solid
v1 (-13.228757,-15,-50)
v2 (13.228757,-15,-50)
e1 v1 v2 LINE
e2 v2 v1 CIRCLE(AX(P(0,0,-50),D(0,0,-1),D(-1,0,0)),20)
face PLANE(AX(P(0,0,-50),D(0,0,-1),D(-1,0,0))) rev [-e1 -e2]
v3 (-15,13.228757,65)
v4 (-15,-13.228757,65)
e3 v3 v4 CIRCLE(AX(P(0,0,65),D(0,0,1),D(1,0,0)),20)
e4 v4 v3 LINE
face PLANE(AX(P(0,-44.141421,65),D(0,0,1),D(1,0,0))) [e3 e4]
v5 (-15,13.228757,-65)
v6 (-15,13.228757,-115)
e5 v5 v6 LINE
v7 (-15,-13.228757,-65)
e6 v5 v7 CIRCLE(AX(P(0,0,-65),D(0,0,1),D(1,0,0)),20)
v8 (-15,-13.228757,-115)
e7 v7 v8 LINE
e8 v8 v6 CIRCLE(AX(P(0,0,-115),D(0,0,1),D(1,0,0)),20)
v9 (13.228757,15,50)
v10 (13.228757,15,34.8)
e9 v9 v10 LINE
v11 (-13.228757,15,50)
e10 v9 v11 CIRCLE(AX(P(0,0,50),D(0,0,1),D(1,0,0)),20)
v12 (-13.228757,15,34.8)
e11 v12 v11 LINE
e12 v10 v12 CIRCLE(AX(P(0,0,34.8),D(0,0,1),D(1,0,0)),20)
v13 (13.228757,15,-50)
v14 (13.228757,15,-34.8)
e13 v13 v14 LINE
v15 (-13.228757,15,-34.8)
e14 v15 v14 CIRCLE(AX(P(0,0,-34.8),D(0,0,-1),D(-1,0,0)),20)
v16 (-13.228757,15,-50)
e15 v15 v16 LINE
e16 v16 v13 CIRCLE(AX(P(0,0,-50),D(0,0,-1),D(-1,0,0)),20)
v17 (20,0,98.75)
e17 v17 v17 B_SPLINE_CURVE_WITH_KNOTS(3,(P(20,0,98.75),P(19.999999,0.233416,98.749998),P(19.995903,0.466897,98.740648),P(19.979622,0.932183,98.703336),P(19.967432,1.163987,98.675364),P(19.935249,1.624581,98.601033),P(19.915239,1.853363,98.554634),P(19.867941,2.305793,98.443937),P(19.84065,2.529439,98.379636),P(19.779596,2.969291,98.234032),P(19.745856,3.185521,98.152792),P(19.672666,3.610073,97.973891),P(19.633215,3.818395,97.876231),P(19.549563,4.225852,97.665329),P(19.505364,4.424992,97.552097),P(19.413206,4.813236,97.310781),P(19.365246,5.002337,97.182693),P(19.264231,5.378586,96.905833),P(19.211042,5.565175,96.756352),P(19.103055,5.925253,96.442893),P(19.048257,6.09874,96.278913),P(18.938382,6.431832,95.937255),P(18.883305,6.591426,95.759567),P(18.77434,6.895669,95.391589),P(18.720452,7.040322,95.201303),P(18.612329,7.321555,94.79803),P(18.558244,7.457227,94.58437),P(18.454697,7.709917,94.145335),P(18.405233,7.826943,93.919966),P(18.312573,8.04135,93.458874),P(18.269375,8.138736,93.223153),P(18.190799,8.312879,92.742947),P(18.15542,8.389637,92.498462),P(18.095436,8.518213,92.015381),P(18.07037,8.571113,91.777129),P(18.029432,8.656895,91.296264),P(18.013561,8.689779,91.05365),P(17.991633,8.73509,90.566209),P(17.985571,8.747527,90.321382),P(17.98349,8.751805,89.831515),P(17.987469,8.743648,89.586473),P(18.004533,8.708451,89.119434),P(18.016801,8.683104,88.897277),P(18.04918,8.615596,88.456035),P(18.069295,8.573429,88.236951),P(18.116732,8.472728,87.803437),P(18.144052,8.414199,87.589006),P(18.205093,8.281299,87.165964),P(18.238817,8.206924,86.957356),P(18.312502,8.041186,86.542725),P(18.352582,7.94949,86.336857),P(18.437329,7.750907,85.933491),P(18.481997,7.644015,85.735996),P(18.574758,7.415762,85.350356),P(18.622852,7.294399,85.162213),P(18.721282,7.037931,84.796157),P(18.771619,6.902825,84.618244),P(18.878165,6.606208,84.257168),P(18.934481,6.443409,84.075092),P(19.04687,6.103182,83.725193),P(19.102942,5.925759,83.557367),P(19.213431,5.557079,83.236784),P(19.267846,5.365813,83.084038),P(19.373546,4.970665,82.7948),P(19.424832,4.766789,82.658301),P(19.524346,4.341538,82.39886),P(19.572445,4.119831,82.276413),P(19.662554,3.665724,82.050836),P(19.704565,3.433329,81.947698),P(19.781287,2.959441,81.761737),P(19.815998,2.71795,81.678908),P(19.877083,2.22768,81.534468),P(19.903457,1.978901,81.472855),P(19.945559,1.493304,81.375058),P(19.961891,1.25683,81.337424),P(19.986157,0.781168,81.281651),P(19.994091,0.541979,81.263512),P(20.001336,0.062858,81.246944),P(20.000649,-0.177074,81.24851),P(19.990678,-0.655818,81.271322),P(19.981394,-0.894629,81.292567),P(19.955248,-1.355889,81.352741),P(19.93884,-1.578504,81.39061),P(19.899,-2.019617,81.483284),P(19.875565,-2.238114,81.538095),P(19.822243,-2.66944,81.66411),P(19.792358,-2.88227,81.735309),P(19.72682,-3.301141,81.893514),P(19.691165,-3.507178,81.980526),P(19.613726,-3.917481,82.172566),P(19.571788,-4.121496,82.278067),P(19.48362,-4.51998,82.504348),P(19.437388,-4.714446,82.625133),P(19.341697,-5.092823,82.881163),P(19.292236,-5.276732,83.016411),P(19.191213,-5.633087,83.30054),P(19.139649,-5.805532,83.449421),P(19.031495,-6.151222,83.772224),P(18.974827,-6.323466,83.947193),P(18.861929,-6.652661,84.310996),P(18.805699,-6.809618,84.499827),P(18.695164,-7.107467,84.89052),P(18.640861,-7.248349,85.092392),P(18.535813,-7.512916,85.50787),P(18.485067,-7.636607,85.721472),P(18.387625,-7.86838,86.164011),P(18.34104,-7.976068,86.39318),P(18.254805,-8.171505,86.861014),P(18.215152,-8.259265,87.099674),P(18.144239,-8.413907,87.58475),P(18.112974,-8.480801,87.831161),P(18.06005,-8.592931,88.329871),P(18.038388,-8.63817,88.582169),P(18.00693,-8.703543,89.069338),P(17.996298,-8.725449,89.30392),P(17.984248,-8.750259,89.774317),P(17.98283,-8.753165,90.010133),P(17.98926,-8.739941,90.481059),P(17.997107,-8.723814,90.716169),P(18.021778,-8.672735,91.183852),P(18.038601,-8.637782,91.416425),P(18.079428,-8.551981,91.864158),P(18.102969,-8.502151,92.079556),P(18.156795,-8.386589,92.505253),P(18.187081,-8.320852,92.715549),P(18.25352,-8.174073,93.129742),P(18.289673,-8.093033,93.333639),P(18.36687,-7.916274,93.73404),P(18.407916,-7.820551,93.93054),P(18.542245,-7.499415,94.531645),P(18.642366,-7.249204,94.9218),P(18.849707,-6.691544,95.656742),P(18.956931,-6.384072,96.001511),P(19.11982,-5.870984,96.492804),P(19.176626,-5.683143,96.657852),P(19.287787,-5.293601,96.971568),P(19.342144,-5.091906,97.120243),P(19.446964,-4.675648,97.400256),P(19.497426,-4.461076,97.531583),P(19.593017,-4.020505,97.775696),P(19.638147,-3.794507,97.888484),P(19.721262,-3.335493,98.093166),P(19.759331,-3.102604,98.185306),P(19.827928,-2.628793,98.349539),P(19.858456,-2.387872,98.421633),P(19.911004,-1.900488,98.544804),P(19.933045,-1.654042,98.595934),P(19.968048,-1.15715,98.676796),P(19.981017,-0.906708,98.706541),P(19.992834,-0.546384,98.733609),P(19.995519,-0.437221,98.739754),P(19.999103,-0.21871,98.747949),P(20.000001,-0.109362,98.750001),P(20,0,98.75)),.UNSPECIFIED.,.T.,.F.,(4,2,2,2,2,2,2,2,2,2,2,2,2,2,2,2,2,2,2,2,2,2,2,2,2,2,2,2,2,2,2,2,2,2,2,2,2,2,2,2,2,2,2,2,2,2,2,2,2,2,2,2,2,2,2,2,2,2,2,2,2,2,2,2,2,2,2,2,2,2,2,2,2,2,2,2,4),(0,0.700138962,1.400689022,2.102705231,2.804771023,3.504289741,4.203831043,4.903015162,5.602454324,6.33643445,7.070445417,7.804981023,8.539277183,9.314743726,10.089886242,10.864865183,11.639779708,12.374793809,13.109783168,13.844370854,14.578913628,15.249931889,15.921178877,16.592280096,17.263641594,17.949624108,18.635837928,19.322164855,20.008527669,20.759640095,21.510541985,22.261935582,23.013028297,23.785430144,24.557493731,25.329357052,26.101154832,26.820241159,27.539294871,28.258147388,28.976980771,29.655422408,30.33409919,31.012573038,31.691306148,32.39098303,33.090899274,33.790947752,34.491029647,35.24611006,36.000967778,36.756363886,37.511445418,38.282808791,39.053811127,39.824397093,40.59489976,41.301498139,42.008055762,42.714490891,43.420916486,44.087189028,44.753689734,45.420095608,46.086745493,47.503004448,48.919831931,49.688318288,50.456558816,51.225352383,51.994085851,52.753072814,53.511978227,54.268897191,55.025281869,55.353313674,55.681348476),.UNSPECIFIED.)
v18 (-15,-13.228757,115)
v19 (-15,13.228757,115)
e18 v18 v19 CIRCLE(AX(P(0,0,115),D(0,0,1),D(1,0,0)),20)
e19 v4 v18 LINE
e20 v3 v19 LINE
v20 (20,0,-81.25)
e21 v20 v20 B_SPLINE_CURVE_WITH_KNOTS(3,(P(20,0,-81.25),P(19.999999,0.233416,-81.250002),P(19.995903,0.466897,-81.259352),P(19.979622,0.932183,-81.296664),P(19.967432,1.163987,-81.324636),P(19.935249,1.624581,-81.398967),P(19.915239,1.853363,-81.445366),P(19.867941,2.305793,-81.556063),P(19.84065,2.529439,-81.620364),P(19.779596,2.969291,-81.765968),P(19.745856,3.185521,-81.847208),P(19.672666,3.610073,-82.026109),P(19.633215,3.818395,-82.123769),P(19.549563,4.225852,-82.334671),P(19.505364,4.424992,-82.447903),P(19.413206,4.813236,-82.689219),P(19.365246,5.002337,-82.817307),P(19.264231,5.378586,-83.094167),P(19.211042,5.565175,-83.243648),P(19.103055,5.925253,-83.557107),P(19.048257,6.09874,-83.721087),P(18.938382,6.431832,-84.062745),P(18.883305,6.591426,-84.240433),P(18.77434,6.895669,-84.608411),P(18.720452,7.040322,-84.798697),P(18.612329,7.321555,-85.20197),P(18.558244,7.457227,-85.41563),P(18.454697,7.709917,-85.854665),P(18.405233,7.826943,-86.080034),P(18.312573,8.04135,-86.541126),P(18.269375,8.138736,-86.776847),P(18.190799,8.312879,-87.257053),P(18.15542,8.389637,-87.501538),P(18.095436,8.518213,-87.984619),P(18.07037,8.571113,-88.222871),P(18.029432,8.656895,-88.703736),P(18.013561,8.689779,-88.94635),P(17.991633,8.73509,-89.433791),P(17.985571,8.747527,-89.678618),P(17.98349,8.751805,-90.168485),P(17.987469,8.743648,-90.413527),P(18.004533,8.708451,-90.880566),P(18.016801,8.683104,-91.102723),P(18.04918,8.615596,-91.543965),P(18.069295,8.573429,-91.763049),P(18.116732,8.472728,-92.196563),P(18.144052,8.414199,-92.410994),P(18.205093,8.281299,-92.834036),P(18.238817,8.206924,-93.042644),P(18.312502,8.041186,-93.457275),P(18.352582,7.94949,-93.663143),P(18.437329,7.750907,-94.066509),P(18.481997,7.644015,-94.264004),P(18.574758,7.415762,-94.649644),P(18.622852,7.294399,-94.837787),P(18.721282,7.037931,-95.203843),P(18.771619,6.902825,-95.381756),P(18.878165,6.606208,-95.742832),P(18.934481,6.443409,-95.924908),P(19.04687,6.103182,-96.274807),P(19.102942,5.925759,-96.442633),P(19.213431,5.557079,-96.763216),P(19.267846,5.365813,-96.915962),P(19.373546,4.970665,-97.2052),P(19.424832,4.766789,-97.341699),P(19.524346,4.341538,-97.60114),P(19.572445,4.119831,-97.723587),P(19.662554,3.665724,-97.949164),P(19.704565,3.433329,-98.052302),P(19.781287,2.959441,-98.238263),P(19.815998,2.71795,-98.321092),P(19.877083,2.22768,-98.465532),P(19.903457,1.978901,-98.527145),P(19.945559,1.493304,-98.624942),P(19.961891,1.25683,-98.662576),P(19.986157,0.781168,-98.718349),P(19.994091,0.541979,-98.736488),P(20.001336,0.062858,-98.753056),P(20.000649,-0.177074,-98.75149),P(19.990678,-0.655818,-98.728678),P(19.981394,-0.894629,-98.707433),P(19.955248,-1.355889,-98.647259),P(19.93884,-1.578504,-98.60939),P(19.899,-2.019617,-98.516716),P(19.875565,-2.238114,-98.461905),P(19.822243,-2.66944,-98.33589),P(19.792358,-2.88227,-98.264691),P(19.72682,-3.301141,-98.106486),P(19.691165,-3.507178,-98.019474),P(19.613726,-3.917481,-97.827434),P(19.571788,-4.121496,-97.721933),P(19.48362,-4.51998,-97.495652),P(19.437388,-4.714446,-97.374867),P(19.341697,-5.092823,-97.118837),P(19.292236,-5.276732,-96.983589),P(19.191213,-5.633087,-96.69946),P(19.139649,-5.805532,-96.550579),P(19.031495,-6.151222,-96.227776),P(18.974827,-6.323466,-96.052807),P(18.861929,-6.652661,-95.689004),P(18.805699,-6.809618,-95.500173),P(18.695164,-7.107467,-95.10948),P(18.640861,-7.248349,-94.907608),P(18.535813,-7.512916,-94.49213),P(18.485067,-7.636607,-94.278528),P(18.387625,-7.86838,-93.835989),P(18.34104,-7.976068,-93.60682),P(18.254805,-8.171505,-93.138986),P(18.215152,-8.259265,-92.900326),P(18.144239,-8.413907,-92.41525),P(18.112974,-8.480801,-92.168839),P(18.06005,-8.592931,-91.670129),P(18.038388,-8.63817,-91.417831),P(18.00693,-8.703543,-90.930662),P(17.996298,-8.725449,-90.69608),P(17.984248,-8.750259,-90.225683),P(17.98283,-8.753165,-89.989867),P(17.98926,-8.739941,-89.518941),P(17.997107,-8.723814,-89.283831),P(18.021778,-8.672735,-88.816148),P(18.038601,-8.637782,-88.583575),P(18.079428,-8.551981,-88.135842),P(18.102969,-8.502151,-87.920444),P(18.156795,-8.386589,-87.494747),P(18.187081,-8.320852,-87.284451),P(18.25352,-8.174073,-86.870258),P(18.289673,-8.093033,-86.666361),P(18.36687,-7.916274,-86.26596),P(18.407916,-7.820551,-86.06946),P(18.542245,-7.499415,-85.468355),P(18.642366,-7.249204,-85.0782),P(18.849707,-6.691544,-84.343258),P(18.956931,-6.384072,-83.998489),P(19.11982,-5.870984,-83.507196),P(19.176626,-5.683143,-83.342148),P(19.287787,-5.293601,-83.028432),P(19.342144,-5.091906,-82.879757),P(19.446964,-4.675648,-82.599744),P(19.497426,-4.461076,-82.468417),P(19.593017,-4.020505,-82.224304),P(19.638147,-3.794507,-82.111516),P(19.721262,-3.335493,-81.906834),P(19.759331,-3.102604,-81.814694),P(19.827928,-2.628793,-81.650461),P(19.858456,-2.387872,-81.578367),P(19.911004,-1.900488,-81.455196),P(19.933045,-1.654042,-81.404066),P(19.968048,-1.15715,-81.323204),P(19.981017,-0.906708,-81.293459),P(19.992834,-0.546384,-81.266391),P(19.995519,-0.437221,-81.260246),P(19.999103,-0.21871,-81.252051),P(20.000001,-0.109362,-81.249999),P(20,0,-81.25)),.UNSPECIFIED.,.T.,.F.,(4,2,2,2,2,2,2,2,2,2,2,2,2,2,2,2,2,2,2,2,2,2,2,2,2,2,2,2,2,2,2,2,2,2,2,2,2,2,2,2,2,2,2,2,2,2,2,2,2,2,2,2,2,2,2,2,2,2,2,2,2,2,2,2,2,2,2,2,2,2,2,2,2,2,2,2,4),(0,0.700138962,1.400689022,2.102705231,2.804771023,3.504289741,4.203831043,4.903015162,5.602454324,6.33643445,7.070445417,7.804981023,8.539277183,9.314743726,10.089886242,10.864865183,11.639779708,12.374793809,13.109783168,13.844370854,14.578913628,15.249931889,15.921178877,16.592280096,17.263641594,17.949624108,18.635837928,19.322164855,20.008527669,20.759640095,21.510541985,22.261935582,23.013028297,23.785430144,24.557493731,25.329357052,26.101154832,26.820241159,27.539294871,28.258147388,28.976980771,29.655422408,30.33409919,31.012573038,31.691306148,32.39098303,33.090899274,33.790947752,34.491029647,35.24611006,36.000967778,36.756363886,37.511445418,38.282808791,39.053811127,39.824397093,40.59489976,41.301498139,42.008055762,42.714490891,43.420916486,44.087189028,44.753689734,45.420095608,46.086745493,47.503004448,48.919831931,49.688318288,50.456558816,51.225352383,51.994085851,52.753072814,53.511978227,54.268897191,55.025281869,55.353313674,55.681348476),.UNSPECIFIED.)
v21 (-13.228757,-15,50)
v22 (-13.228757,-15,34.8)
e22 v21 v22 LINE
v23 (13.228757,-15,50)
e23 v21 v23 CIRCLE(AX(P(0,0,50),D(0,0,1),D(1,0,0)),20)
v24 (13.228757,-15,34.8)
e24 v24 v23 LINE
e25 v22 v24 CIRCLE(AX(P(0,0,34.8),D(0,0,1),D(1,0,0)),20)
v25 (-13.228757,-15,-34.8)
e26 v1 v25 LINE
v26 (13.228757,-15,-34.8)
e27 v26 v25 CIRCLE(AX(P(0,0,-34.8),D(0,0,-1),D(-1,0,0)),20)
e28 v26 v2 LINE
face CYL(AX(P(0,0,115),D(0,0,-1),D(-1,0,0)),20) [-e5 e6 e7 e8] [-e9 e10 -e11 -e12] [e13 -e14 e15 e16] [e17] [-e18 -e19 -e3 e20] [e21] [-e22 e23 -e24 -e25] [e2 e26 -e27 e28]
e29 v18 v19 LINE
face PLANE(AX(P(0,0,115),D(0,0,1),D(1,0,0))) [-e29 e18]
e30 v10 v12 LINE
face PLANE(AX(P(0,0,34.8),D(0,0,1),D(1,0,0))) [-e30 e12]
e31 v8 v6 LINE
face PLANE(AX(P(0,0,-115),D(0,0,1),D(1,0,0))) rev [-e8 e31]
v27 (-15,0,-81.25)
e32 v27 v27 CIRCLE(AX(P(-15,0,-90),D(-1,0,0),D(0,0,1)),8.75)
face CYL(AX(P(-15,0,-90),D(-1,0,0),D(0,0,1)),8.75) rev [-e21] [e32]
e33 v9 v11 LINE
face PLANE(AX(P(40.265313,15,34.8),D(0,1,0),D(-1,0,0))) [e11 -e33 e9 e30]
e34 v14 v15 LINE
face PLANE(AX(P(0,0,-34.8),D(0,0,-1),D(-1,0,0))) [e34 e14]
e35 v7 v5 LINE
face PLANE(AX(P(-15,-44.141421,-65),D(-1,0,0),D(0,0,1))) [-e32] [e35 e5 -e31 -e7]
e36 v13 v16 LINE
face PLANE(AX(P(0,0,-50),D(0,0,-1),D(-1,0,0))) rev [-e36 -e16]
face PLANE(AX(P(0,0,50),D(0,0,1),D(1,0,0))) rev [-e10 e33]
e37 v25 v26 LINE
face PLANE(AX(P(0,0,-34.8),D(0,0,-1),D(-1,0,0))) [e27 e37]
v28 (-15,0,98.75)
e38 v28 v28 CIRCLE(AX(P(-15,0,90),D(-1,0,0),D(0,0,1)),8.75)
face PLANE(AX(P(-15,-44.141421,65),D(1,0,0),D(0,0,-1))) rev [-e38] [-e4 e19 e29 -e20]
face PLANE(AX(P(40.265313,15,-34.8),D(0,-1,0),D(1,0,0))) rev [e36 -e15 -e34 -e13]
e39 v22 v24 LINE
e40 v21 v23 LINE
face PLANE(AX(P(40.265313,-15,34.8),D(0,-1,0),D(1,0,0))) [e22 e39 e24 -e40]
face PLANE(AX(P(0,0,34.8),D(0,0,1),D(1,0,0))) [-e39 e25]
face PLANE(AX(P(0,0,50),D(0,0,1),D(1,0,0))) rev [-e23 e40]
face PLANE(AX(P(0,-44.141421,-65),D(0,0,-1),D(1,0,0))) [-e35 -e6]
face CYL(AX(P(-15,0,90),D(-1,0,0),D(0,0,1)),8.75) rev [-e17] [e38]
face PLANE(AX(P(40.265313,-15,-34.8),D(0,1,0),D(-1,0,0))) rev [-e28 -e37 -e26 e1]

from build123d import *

# Parameters (mm, degrees)
SKETCH_1_R           = 20
EXTRUDE_1_DEPTH      = 115
CUT_EXTRUDE_START    = -65
SKETCH_2_OUTSIDE_W   = 89.37
SKETCH_2_OUTSIDE_H   = 89.37
SKETCH_2_OUTSIDE_W_2 = 80.530626202
SKETCH_2_OUTSIDE_H_2 = 30
CUT_EXTRUDE_1_DEPTH  = 15.2
CUT_EXTRUDE_2_DEPTH  = 50


with BuildPart() as part:
    # 草图1 → 凸台-拉伸1 (new, symmetric)
    with BuildSketch(Plane.XY):
        Circle(SKETCH_1_R)
    extrude(amount=EXTRUDE_1_DEPTH, both=True)

    # 草图2 outside → 切除-拉伸1 (cut)
    with BuildSketch(Plane.XY.offset(115).offset(CUT_EXTRUDE_START)):
        Rectangle(SKETCH_2_OUTSIDE_W, SKETCH_2_OUTSIDE_H)
        Rectangle(SKETCH_2_OUTSIDE_W_2, SKETCH_2_OUTSIDE_H_2, mode=Mode.SUBTRACT)
    cut_extrude_1 = extrude(amount=-CUT_EXTRUDE_1_DEPTH, mode=Mode.SUBTRACT)

    # 草图3 → 切除-拉伸2 (cut)
    with BuildSketch(Plane.XY.offset(115)):
        Polygon((-15, -119.751298217), (-15, -13.228756555), (-15, 13.228756555), (-15, 119.751298217), (-228.045083324, 119.751298217), (-228.045083324, -119.751298217), align=None)
    cut_extrude_2 = extrude(amount=-CUT_EXTRUDE_2_DEPTH, mode=Mode.SUBTRACT)

    # 草图4 → M20 螺纹孔1 (revolve, cut)
    with BuildSketch(Plane(origin=(-15, 0, 90), x_dir=(0, 0, 1), z_dir=(0, 1, 0))):
        Polygon((0, 0), (0, 52.757530416), (8.75, 47.5), (8.75, 0), align=None)
    hole_wizard_m20_1 = revolve(axis=Axis((-21.35, 0, 90), (1, 0, 0)), mode=Mode.SUBTRACT)

    # 镜向1: 切除-拉伸1, 切除-拉伸2, M20 螺纹孔1 across plane
    add(cut_extrude_1.mirror(Plane.XY), mode=Mode.SUBTRACT)
    add(cut_extrude_2.mirror(Plane.XY), mode=Mode.SUBTRACT)
    add(hole_wizard_m20_1.mirror(Plane.XY), mode=Mode.SUBTRACT)


solid = part.part
